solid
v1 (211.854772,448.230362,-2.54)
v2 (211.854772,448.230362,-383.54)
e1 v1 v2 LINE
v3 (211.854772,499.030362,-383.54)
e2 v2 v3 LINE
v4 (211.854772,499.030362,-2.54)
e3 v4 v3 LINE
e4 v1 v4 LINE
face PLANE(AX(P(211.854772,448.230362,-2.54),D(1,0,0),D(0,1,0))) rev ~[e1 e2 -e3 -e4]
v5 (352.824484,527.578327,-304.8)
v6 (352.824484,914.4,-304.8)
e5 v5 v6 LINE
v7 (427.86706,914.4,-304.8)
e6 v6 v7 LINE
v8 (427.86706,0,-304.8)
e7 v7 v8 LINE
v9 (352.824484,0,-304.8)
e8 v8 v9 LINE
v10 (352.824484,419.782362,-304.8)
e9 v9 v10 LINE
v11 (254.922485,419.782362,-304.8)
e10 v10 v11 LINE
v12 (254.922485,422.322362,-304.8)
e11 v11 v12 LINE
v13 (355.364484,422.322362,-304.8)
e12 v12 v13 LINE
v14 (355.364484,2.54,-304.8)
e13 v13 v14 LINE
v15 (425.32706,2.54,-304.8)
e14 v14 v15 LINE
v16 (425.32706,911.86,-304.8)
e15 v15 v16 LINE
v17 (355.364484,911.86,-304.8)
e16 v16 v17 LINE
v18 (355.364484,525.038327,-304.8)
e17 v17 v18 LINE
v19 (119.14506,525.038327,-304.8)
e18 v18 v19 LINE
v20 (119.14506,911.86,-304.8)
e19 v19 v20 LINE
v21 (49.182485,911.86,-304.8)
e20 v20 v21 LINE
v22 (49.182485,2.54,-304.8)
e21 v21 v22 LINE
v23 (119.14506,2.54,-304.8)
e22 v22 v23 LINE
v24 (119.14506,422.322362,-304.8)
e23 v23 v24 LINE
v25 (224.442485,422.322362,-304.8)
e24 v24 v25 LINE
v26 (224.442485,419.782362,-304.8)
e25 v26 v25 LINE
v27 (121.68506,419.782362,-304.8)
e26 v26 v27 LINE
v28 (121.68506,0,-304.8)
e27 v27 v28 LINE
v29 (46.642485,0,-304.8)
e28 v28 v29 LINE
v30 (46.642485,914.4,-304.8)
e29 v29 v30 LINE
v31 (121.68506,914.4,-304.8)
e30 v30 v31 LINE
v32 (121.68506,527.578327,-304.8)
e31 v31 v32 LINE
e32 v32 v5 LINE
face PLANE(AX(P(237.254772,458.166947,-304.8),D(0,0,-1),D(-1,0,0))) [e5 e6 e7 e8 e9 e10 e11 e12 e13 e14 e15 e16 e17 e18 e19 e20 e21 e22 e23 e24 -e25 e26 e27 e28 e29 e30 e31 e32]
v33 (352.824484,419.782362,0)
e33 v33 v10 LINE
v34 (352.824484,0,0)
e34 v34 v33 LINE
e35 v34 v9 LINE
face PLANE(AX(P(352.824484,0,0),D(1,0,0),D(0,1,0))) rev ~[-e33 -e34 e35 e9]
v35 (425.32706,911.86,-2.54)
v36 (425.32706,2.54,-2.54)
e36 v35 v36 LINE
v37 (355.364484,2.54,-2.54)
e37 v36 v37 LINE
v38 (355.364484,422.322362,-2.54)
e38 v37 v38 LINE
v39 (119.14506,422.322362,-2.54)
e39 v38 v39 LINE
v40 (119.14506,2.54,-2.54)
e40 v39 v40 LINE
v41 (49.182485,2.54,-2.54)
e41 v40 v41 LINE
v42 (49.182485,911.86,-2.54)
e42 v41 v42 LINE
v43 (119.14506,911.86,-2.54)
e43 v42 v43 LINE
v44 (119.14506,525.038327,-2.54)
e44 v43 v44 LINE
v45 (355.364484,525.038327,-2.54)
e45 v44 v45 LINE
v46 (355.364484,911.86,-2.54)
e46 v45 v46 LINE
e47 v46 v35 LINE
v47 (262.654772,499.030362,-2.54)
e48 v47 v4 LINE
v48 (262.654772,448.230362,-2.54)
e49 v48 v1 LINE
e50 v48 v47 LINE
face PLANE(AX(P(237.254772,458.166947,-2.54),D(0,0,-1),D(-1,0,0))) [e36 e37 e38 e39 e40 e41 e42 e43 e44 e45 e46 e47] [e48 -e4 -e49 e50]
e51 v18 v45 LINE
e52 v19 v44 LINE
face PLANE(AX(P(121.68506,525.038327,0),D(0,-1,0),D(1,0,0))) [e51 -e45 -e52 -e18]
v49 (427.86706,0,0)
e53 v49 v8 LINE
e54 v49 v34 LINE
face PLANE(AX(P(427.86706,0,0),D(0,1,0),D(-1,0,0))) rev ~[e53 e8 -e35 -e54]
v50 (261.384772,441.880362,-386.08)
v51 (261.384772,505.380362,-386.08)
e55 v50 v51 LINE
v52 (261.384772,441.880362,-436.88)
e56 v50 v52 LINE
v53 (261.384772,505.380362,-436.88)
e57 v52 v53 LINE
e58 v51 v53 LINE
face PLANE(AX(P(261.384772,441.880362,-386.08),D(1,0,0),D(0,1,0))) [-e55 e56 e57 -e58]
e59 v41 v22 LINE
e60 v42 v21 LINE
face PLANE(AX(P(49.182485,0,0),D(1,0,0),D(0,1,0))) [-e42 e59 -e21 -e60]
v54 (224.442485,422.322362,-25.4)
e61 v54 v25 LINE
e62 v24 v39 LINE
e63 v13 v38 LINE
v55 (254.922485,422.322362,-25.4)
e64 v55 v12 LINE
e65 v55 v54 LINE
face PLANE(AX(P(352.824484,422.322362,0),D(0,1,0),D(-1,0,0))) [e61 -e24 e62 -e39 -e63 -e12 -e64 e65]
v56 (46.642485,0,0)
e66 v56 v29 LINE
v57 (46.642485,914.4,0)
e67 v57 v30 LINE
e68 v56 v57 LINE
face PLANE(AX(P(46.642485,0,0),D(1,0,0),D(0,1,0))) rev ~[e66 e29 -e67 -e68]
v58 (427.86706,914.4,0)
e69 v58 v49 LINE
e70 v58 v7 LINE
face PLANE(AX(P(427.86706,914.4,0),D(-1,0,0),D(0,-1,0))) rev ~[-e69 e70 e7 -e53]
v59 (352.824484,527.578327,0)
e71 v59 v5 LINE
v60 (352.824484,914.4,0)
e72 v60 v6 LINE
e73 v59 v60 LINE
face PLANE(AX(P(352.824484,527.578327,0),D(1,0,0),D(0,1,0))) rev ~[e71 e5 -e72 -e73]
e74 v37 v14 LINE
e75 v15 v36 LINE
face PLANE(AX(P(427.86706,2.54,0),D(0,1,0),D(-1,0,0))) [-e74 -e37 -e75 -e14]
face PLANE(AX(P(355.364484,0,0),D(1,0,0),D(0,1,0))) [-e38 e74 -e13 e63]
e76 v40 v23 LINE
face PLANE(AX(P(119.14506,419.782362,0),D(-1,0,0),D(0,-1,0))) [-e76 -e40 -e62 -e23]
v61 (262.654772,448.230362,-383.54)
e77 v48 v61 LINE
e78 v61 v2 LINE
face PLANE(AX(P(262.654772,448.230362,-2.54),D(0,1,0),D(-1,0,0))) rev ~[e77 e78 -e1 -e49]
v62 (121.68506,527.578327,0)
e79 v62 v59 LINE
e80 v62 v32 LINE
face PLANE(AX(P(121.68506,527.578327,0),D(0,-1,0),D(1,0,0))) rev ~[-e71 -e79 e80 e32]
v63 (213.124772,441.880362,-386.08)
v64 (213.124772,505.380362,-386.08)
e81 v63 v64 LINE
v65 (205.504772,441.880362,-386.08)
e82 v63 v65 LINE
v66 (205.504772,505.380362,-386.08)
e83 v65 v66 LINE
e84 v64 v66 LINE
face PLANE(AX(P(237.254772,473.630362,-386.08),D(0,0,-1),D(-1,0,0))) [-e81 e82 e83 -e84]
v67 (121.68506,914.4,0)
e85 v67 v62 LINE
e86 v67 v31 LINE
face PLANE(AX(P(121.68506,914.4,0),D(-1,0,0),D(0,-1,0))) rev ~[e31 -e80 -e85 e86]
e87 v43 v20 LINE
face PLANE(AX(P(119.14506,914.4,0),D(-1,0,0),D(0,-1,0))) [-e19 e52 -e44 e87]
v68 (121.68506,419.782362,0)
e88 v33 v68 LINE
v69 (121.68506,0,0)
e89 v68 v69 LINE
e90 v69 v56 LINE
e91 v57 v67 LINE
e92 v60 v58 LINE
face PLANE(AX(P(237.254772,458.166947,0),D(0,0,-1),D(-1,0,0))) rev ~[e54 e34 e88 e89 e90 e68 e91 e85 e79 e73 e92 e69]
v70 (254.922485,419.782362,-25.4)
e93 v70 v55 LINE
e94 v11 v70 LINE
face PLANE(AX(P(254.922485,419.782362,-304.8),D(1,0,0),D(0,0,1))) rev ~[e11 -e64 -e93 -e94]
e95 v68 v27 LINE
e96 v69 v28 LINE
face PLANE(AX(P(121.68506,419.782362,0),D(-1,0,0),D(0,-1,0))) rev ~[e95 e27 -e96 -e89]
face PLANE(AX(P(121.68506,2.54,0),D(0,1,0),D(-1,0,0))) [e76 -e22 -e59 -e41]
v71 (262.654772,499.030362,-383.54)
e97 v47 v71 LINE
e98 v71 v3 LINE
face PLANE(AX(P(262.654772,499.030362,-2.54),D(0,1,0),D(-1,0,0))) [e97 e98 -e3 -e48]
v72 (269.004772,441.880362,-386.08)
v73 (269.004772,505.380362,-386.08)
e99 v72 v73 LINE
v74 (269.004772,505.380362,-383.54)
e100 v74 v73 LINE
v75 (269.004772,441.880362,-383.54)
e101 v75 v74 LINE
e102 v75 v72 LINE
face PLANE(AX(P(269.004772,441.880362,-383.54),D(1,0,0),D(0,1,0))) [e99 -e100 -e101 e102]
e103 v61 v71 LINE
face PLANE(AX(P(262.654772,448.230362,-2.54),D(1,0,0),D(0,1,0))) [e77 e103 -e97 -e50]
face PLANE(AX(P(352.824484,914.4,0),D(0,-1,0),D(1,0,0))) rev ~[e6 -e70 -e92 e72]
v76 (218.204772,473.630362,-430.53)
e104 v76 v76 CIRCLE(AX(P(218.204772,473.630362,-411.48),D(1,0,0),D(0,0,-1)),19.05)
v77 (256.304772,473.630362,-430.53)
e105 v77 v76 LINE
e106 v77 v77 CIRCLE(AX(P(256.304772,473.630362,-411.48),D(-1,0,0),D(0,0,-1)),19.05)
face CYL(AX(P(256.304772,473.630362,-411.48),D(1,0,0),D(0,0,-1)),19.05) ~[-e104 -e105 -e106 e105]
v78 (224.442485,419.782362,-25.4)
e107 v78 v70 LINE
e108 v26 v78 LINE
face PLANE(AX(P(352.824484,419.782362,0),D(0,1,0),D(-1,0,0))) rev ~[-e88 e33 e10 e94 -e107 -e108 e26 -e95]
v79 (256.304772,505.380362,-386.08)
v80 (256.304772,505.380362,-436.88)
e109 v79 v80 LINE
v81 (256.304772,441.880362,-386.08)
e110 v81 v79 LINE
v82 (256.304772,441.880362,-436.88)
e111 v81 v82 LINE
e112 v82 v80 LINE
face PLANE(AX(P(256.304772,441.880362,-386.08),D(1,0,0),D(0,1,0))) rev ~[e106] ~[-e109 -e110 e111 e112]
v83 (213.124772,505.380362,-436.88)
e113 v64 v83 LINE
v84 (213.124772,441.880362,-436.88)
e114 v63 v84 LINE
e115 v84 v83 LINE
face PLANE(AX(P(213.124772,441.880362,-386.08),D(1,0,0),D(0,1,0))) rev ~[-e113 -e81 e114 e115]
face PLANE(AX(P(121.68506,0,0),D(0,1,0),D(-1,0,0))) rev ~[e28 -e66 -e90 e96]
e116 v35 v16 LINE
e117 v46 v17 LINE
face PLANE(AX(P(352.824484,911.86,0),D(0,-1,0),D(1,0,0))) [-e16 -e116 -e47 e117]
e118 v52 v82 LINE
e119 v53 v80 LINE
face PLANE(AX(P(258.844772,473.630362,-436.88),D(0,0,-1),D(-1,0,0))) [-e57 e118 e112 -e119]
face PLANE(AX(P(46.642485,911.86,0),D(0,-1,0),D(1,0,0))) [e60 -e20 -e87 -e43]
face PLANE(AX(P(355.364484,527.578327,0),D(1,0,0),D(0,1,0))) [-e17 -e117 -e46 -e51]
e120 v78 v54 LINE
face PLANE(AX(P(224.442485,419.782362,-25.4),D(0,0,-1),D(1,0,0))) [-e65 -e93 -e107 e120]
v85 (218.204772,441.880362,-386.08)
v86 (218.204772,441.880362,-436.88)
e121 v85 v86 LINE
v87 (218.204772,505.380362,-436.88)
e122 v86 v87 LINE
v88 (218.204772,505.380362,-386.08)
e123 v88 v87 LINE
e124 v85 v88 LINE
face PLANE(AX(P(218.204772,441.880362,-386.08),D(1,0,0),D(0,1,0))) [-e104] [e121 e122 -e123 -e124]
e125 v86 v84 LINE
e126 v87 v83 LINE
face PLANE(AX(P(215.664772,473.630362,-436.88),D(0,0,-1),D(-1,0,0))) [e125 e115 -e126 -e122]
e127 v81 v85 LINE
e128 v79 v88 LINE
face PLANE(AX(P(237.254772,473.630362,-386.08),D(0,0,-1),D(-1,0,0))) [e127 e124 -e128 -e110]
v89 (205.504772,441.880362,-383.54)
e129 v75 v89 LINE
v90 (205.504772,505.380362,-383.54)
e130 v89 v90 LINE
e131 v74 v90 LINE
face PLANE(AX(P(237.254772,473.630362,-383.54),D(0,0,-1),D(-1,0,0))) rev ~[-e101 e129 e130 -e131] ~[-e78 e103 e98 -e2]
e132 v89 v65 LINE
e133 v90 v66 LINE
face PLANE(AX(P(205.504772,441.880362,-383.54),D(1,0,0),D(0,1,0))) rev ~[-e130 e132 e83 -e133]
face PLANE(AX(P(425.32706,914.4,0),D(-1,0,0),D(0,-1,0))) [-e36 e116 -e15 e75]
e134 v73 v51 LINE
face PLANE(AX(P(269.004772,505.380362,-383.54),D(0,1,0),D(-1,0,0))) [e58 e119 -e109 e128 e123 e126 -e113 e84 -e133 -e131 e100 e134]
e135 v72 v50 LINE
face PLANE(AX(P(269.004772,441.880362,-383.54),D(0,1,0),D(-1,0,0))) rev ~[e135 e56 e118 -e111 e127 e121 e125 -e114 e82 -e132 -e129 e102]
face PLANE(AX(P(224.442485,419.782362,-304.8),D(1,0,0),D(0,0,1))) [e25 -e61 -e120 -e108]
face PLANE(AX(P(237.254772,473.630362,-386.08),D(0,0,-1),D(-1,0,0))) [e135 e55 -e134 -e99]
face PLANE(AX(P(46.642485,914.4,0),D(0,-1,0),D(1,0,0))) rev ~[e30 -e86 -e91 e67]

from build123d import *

# Parameters (mm, degrees)
BOSS_EXTRUDE1_DEPTH = 304.8
SHELL1_T            = -2.54
SKETCH4_W           = 50.8
SKETCH4_H           = 50.8
BOSS_EXTRUDE2_DEPTH = 381
SKETCH5_W           = 30.48
SKETCH5_H           = 279.4
CUT_EXTRUDE1_DEPTH  = 7.62
SKETCH6_W           = 63.5
SKETCH6_H           = 63.5
BOSS_EXTRUDE3_DEPTH = 2.54
SKETCH7_W           = 5.08
SKETCH7_H           = 63.5
BOSS_EXTRUDE4_DEPTH = 50.8
BOSS_EXTRUDE5_REACH = 1036.867
SKETCH8_R           = 19.05


with BuildPart() as part:
    # Sketch3 → Boss-Extrude1 (new body)
    with BuildSketch(Plane.XY):
        Polygon((427.867059624, 0), (352.824484244, 0), (352.824484244, 419.782362276), (121.685060077, 419.782362276), (121.685060077, 0), (46.642484697, 0), (46.642484697, 914.4), (121.685060077, 914.4), (121.685060077, 527.57832691), (352.824484244, 527.57832691), (352.824484244, 914.4), (427.867059624, 914.4), align=None)
    extrude(amount=-BOSS_EXTRUDE1_DEPTH)

    # Shell1
    shell1_openings = [part.faces().sort_by_distance(p)[0] for p in [
        (237.254772161, 459.732303747, -304.8),
    ]]
    offset(amount=SHELL1_T, openings=shell1_openings, kind=Kind.INTERSECTION)

    # Sketch4 → Boss-Extrude2 (add)
    with BuildSketch(Plane(origin=(0, 0, -2.54), x_dir=(-1, 0, 0), z_dir=(0, 0, -1))):
        with Locations((-237.254772161, 473.630362276)):
            Rectangle(SKETCH4_W, SKETCH4_H)
    extrude(amount=BOSS_EXTRUDE2_DEPTH)

    # Sketch5 → Cut-Extrude1 (cut)
    with BuildSketch(Plane.XZ.offset(-419.782362276)):
        with Locations((239.682484697, -165.1)):
            Rectangle(SKETCH5_W, SKETCH5_H)
    extrude(amount=-CUT_EXTRUDE1_DEPTH, mode=Mode.SUBTRACT)

    # Sketch6 → Boss-Extrude3 (add)
    with BuildSketch(Plane(origin=(0, 0, -383.54), x_dir=(-1, 0, 0), z_dir=(0, 0, -1))):
        with Locations((-237.254772161, 473.630362276)):
            Rectangle(SKETCH6_W, SKETCH6_H)
    extrude(amount=BOSS_EXTRUDE3_DEPTH)

    # Sketch7 → Boss-Extrude4 (add)
    with BuildSketch(Plane(origin=(0, 0, -386.08), x_dir=(-1, 0, 0), z_dir=(0, 0, -1))):
        with Locations((-258.844772161, 473.630362276)):
            Rectangle(SKETCH7_W, SKETCH7_H)
        with Locations((-215.664772161, 473.630362276)):
            Rectangle(SKETCH7_W, SKETCH7_H)
    extrude(amount=BOSS_EXTRUDE4_DEPTH)

    # Sketch8 → Boss-Extrude5 (add, up to next)
    with BuildSketch(Plane.ZY.offset(-256.304772161), mode=Mode.PRIVATE) as boss_extrude5_sk1:
        with Locations(Location((-411.48, 473.630362276, 0), (0, 0, 180))):
            Circle(SKETCH8_R)
    boss_extrude5_tool1 = extrude(boss_extrude5_sk1.sketch, amount=BOSS_EXTRUDE5_REACH, mode=Mode.PRIVATE) - part.part
    add(boss_extrude5_tool1.solids().sort_by_distance((256.304772, 473.630362, -411.48))[0])


solid = part.part
